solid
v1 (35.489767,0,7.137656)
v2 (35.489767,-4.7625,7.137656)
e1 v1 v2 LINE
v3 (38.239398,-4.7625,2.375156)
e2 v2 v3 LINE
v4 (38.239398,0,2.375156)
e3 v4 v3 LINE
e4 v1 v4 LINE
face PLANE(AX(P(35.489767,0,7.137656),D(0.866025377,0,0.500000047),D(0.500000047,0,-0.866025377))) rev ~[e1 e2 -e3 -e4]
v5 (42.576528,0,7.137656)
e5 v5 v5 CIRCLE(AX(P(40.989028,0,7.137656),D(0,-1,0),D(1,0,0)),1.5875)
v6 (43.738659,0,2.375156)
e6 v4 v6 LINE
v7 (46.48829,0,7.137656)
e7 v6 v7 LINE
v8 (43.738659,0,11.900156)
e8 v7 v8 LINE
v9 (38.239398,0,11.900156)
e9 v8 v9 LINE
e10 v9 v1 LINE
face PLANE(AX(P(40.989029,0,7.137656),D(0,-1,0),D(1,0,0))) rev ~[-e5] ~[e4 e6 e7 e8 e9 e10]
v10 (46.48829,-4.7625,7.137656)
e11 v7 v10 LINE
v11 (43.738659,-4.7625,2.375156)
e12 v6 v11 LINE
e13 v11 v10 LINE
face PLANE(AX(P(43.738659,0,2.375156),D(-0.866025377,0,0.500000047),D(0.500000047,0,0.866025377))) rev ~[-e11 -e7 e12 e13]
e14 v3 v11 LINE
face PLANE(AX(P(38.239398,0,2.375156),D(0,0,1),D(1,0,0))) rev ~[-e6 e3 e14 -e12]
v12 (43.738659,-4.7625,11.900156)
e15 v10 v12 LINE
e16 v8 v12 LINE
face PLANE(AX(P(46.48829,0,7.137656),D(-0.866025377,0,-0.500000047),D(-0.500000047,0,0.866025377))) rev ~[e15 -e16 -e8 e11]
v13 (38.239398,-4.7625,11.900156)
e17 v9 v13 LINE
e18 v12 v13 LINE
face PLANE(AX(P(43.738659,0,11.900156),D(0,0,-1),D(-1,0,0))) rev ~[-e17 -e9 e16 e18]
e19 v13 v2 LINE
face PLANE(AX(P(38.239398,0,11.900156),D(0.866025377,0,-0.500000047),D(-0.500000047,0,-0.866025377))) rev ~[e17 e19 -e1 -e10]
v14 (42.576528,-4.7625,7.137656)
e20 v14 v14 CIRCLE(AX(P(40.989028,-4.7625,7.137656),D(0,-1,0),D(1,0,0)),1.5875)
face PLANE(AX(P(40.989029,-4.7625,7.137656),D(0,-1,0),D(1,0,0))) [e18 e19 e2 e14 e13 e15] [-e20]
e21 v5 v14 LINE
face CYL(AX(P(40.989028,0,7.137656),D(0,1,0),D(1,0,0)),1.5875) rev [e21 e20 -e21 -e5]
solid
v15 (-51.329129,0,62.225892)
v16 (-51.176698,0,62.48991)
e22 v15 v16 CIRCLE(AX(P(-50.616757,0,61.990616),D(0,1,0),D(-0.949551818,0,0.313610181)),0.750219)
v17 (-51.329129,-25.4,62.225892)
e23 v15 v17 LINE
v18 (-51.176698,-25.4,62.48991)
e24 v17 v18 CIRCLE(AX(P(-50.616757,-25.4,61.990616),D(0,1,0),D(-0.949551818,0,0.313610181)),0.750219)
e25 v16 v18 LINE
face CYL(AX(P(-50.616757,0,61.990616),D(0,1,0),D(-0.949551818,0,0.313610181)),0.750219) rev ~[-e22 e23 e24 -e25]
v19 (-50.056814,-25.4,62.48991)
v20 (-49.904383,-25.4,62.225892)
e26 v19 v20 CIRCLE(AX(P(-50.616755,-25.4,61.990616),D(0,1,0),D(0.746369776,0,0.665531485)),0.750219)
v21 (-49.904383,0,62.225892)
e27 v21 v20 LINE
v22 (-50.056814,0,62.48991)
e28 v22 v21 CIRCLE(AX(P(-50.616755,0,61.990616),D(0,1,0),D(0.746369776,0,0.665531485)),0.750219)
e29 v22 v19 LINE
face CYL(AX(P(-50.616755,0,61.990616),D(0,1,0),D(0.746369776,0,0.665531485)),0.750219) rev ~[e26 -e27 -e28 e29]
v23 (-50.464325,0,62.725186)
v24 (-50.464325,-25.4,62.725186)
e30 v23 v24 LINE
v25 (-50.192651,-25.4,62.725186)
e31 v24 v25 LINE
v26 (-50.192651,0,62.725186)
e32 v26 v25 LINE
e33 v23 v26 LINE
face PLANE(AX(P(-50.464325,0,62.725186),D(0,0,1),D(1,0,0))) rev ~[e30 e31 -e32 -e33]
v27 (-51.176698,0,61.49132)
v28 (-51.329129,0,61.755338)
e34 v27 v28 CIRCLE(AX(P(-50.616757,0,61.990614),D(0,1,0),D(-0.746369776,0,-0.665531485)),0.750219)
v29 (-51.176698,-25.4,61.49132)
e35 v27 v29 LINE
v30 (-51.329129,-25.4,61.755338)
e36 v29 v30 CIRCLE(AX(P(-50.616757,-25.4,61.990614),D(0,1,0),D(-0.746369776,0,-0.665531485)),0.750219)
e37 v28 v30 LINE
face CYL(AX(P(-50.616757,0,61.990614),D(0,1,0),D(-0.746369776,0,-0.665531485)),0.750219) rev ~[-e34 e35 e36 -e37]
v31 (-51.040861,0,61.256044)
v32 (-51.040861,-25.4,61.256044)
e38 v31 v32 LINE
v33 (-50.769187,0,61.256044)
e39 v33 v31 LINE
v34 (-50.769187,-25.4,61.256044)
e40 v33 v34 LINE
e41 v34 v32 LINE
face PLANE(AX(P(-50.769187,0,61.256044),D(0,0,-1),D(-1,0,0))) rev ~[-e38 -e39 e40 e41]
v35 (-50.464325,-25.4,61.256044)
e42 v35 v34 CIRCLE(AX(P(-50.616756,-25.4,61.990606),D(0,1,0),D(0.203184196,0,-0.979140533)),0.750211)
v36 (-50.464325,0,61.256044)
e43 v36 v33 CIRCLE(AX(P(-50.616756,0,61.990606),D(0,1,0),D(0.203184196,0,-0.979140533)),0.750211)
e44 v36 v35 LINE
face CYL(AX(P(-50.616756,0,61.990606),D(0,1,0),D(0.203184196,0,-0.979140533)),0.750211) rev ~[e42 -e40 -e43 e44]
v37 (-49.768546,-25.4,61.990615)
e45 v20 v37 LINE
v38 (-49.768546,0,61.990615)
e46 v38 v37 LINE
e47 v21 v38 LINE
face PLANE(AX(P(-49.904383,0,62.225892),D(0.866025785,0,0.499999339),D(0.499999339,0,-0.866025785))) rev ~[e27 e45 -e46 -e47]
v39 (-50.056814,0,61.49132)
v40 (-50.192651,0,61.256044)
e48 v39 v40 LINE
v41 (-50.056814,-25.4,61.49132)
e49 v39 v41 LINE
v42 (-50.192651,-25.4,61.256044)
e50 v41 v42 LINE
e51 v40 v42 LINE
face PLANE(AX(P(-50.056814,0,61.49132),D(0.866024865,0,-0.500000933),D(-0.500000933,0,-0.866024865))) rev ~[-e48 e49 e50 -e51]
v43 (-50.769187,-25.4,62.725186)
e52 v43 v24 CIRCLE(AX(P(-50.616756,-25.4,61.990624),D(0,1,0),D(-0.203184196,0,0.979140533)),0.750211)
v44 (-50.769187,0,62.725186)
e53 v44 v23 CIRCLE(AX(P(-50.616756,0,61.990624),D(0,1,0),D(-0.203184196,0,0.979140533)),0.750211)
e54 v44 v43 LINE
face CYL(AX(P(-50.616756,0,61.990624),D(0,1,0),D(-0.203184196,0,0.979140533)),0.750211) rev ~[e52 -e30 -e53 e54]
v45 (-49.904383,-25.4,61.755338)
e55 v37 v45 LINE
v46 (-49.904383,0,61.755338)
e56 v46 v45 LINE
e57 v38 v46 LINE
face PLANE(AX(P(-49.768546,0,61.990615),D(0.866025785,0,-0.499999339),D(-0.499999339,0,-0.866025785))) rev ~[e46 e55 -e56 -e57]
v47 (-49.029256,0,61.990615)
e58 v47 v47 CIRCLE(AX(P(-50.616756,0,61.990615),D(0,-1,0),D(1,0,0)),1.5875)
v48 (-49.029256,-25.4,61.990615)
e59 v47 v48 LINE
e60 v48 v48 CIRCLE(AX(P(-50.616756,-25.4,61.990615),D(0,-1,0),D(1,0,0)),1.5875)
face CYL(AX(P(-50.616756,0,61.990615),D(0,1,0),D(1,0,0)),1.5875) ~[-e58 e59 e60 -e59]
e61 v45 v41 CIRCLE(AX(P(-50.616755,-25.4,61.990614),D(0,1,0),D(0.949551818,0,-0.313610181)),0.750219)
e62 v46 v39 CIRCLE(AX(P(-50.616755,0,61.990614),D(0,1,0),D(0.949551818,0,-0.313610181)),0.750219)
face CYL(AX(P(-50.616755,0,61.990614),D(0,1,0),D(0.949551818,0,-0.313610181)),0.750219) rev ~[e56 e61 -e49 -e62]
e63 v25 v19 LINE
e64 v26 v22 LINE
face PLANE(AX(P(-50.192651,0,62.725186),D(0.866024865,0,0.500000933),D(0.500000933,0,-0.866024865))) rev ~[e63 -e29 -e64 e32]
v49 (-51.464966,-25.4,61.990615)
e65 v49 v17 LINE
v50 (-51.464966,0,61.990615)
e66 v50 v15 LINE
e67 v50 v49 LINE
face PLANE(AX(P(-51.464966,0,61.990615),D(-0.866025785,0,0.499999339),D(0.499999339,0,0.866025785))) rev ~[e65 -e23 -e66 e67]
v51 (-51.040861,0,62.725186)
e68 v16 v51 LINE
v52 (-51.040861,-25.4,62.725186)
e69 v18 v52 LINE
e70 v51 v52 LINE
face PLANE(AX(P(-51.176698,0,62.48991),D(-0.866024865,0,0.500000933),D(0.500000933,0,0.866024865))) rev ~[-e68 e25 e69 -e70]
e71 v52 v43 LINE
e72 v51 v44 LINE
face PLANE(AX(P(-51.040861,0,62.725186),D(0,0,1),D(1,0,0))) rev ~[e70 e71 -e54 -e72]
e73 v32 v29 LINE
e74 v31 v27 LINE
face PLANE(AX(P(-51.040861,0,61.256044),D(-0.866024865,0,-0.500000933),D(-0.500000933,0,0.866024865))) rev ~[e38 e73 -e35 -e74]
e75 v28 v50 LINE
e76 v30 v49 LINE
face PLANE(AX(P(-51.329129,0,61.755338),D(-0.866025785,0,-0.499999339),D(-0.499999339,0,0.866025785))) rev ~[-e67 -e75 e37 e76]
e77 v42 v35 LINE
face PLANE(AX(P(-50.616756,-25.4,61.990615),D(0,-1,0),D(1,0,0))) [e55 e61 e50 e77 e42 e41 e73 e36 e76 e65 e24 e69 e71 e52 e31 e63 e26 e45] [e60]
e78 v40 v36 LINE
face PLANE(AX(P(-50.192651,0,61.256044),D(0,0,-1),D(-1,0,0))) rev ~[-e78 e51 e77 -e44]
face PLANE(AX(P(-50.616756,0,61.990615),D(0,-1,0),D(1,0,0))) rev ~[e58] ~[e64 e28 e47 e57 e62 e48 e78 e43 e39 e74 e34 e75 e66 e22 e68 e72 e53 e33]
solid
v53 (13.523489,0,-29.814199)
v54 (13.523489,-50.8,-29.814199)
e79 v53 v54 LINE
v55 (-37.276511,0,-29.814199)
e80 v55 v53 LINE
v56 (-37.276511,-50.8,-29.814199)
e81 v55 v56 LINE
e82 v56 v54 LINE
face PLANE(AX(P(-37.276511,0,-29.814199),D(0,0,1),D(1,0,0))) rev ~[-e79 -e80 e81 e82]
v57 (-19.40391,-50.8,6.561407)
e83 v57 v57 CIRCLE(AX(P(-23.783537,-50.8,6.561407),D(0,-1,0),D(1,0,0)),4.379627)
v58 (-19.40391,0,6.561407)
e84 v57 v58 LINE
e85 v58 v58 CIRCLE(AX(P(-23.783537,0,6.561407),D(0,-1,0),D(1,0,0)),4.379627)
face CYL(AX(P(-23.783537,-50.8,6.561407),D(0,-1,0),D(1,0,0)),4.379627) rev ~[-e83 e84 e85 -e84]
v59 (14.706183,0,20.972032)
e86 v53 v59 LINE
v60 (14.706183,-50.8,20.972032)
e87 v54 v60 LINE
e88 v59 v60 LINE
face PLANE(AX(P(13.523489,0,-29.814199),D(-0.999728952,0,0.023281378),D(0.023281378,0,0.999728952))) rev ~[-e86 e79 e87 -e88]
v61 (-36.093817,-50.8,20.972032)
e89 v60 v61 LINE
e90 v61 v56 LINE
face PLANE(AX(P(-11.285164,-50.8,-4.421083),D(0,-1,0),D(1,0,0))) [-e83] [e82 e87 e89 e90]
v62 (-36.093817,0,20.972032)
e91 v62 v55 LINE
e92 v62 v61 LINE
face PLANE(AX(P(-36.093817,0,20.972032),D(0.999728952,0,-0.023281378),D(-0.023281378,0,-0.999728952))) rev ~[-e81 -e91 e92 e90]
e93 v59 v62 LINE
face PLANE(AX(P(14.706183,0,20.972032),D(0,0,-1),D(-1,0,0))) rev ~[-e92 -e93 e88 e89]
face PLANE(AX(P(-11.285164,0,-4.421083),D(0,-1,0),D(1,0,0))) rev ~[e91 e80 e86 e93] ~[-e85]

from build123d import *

# Parameters (mm, degrees)
F1_DEPTH = 50.8
F2_R     = 4.379627
F3_DEPTH = 50.8
F4_R     = 1.5875
F5_DEPTH = 4.7625
F6_R     = 1.5875
F7_DEPTH = 25.4


with BuildPart() as f1:
    # F0 (on Front) → F1 (new body)
    with BuildSketch(Plane.XZ):
        Polygon((14.706183, 20.972032), (-36.093817, 20.972032), (-37.276511, -29.814199), (13.523489, -29.814199), align=None)
    extrude(amount=F1_DEPTH)

    # F2 (on face) → F3 (cut)
    with BuildSketch(Plane.XZ.offset(50.8)):
        with Locations((-23.783537, 6.561407)):
            Circle(F2_R)
    extrude(amount=-F3_DEPTH, mode=Mode.SUBTRACT)


with BuildPart() as f5:
    # F4 (on Front) → F5 (new body)
    with BuildSketch(Plane.XZ):
        Polygon((38.239398, 2.375156), (43.738659, 2.375156), (46.48829, 7.137656), (43.738659, 11.900156), (38.239398, 11.900156), (35.489767, 7.137656), align=None)
        with Locations((40.989028, 7.137656)):
            Circle(F4_R, mode=Mode.SUBTRACT)
    extrude(amount=F5_DEPTH)


with BuildPart() as f7:
    # F6 (on Front) → F7 (new body)
    with BuildSketch(Plane.XZ):
        with Locations((-50.616756, 61.990615)):
            Circle(F6_R)
        with BuildLine():
            Line((-51.176698, 62.48991), (-51.040861, 62.725186))
            Line((-51.040861, 62.725186), (-50.769187, 62.725186))
            ThreePointArc((-50.769187, 62.725186), (-50.616756, 62.740835), (-50.464325, 62.725186))
            Line((-50.464325, 62.725186), (-50.192651, 62.725186))
            Line((-50.192651, 62.725186), (-50.056814, 62.48991))
            ThreePointArc((-50.056814, 62.48991), (-49.967046, 62.365725), (-49.904383, 62.225892))
            Line((-49.904383, 62.225892), (-49.768546, 61.990615))
            Line((-49.768546, 61.990615), (-49.904383, 61.755338))
            ThreePointArc((-49.904383, 61.755338), (-49.967046, 61.615505), (-50.056814, 61.49132))
            Line((-50.056814, 61.49132), (-50.192651, 61.256044))
            Line((-50.192651, 61.256044), (-50.464325, 61.256044))
            ThreePointArc((-50.464325, 61.256044), (-50.616756, 61.240395), (-50.769187, 61.256044))
            Line((-50.769187, 61.256044), (-51.040861, 61.256044))
            Line((-51.040861, 61.256044), (-51.176698, 61.49132))
            ThreePointArc((-51.176698, 61.49132), (-51.266466, 61.615505), (-51.329129, 61.755338))
            Line((-51.329129, 61.755338), (-51.464966, 61.990615))
            Line((-51.464966, 61.990615), (-51.329129, 62.225892))
            ThreePointArc((-51.329129, 62.225892), (-51.266466, 62.365725), (-51.176698, 62.48991))
        make_face(mode=Mode.SUBTRACT)
    extrude(amount=F7_DEPTH)


solid = Compound([f1.part, f5.part, f7.part])
